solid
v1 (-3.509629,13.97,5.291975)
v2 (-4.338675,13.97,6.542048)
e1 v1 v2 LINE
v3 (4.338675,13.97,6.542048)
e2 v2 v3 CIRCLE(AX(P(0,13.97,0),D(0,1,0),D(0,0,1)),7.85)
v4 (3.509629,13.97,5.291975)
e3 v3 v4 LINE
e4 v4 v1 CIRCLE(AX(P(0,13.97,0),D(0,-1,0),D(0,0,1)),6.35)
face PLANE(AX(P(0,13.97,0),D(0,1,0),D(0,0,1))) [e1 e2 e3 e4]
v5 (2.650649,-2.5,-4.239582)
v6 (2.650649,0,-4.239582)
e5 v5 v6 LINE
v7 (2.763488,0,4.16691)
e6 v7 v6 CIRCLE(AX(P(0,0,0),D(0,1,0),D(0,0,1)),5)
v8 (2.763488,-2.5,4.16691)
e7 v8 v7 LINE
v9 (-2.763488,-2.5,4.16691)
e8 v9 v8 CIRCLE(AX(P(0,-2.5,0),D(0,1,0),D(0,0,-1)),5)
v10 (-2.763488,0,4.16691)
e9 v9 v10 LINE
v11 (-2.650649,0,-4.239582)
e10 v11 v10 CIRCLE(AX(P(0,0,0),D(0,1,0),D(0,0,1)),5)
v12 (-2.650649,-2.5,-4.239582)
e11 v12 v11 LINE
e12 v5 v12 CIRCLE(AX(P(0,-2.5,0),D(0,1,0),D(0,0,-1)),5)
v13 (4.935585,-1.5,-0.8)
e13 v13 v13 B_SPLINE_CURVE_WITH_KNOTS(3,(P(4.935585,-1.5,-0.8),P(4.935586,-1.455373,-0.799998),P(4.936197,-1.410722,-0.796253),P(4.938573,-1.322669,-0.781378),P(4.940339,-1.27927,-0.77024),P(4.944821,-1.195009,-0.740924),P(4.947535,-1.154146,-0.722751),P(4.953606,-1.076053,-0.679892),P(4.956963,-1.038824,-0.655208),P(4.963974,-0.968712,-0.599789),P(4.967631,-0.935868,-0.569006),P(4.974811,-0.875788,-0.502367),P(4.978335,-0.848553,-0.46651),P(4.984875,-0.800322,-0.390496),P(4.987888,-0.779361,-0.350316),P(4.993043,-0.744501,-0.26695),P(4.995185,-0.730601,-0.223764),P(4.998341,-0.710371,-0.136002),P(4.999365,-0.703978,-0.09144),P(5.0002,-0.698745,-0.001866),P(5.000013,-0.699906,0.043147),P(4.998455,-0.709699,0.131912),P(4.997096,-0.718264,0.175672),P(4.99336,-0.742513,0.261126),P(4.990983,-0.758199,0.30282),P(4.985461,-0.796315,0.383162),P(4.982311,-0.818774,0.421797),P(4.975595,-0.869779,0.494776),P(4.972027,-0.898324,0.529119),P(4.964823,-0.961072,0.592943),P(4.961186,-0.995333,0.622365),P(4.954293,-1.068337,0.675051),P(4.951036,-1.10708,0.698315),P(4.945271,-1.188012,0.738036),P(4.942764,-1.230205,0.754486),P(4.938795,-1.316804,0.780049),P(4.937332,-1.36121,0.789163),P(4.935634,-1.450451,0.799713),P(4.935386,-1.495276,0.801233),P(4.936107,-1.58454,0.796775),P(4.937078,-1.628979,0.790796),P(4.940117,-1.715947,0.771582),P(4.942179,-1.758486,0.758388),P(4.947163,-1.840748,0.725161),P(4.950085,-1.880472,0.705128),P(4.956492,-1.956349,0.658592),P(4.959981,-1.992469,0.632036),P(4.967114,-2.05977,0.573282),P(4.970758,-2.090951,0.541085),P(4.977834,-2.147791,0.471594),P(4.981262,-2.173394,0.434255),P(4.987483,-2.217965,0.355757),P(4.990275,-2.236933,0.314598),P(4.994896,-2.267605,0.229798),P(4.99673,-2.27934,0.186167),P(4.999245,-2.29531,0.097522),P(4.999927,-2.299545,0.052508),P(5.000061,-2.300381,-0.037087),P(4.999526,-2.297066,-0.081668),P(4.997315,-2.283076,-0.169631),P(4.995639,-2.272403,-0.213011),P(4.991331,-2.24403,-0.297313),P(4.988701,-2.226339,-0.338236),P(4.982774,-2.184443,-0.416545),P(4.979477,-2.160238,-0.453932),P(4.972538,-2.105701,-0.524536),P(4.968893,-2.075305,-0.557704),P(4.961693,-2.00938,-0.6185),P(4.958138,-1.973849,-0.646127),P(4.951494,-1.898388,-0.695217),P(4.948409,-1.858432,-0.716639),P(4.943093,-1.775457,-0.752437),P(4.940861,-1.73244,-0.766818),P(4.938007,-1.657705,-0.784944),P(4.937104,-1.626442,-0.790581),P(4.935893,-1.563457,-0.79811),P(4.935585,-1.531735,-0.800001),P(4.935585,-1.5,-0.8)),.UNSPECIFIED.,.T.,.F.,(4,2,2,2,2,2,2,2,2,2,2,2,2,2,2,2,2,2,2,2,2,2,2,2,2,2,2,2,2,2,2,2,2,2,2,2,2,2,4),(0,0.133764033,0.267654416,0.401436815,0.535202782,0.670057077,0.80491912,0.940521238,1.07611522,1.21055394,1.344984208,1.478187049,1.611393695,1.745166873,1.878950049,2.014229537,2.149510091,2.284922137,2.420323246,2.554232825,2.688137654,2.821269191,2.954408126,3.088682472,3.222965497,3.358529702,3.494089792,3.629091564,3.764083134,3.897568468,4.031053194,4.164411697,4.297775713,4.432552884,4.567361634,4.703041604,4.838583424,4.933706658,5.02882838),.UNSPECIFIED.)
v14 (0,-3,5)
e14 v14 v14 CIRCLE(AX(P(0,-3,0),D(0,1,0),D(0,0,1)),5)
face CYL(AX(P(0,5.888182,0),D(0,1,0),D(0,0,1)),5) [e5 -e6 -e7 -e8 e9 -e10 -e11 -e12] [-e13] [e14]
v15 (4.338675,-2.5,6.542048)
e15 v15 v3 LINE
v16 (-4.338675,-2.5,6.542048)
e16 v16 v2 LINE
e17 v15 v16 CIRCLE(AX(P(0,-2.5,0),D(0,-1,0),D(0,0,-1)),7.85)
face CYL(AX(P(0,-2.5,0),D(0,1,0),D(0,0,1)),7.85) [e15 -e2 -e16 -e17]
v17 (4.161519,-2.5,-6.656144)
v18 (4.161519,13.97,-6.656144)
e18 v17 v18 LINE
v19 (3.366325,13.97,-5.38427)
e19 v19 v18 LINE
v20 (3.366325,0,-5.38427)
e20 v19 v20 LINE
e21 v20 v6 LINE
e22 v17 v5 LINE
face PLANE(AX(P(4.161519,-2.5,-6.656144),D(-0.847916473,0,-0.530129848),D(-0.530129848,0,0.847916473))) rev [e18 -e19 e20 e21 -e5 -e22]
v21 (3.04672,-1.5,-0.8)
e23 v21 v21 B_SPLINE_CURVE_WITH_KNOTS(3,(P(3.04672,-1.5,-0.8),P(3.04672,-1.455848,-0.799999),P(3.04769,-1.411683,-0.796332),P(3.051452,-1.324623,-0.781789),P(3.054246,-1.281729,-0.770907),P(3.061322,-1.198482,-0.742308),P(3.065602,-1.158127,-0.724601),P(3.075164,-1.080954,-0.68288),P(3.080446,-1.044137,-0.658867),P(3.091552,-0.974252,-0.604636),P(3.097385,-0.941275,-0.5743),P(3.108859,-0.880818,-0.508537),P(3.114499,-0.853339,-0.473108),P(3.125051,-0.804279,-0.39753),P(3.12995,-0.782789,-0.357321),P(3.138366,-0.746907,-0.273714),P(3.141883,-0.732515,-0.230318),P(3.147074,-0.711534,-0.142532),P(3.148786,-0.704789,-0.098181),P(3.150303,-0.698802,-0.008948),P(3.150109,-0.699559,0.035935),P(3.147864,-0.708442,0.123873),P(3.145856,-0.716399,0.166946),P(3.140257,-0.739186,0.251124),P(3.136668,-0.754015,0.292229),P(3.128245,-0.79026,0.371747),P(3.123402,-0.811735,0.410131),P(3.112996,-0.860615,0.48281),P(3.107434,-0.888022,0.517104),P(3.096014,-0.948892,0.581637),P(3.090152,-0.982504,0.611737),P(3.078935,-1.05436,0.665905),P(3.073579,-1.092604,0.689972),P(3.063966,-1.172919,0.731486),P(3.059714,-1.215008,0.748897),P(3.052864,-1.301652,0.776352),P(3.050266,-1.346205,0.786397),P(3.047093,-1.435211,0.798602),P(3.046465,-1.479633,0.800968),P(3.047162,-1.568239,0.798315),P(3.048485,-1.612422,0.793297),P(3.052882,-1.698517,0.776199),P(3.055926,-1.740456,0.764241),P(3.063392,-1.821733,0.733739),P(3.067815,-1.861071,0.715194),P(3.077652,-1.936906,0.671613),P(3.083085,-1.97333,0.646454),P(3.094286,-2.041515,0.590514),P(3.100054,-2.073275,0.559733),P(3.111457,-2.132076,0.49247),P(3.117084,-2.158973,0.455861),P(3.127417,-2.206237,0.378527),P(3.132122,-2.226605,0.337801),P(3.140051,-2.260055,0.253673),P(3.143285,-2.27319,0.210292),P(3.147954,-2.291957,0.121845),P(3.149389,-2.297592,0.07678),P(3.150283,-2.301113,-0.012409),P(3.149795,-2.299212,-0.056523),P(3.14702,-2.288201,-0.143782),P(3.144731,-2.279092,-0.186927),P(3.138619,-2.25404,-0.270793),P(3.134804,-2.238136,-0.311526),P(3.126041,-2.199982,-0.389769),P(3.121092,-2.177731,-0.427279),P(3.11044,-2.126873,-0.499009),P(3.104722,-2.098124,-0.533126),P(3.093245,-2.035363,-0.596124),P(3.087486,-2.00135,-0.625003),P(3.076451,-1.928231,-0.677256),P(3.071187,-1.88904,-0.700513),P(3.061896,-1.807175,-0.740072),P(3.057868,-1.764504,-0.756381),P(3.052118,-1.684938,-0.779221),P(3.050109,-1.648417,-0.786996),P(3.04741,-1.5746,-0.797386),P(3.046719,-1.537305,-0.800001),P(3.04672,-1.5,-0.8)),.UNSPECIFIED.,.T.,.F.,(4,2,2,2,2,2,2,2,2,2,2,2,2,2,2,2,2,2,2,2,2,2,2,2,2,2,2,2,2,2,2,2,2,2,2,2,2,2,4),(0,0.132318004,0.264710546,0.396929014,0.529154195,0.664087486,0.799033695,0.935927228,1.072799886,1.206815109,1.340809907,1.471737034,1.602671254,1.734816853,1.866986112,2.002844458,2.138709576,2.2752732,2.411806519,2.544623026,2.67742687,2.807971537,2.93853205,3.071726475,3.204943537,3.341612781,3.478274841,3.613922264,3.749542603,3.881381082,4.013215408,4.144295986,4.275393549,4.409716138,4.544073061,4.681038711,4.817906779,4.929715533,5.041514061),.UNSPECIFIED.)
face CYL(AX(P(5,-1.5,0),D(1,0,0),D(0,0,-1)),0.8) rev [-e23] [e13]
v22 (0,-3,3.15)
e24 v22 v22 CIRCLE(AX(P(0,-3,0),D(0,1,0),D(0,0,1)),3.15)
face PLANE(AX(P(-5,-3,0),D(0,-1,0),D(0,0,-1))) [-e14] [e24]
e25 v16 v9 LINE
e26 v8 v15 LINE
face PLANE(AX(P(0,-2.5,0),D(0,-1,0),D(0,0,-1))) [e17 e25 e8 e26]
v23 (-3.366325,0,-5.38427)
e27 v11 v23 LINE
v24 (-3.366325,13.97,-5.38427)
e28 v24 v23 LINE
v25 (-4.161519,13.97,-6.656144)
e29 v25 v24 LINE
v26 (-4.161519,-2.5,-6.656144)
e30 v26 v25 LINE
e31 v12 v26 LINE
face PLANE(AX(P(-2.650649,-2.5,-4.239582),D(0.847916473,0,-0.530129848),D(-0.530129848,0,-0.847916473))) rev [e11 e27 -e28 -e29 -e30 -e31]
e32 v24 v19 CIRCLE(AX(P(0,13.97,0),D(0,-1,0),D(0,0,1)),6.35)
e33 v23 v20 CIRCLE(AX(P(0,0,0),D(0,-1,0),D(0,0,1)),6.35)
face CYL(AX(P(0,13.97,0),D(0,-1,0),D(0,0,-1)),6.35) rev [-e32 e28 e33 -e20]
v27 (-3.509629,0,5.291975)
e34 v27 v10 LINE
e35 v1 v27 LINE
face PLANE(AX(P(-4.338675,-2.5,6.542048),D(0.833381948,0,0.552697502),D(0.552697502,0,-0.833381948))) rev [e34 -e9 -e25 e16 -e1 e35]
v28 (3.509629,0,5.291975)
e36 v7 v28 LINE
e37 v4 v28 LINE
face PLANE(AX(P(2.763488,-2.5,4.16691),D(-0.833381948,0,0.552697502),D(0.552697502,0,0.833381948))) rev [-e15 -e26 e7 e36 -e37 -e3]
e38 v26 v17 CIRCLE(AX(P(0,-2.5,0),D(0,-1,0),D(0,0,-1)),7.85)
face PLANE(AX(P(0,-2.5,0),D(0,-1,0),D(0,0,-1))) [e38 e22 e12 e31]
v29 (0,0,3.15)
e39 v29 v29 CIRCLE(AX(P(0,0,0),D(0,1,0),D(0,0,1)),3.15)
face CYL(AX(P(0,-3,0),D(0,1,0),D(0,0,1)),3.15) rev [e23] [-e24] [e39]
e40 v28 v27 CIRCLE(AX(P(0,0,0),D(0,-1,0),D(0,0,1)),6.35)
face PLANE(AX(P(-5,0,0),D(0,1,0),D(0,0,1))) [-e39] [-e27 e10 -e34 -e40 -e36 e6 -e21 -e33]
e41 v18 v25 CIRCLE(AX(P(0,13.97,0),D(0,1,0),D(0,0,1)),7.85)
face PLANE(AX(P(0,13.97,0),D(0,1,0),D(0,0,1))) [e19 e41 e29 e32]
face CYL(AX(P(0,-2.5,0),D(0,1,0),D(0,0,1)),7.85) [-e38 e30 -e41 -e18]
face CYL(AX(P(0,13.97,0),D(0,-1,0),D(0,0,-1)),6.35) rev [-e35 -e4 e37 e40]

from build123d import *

# Parameters (mm, degrees)
SKETCH1_W                  = 5
SKETCH1_H                  = 3
SKETCH2_R                  = 3.15
CUT_EXTRUDE1_DEPTH         = 8.681145748
M2X0_4_TAPPED_HOLE2_REACH  = 13.576
M2X0_4_TAPPED_HOLE2_BORE_R = 0.8
BOSS_EXTRUDE1_DEPTH        = 13.97
BOSS_EXTRUDE1_2_DEPTH      = 13.97
BOSS_EXTRUDE2_DEPTH        = 2.5


with BuildPart() as part:
    # Sketch1 → Revolve1 (revolve)
    with BuildSketch(Plane.XY, mode=Mode.PRIVATE) as revolve1_sk:
        with Locations((-2.5, -1.5)):
            Rectangle(SKETCH1_W, SKETCH1_H)
    revolve(revolve1_sk.sketch.rotate(Axis((0, 5.888182105, 0), (0, -1, 0)), 270), axis=Axis((0, 5.888182105, 0), (0, -1, 0)))

    # Sketch2 → Cut-Extrude1 (cut, through all)
    with BuildSketch(Plane(origin=(0, 0, 0), x_dir=(1, 0, 0), z_dir=(0, 1, 0))):
        with Locations(Location((0, 0, 0), (0, 0, 270))):
            Circle(SKETCH2_R)
    extrude(amount=-CUT_EXTRUDE1_DEPTH, mode=Mode.SUBTRACT)

    # M2x0.4 Tapped Hole2 bore → M2x0.4 Tapped Hole2 (cut, up to next)
    with BuildSketch(Plane(origin=(5, 0, 0), x_dir=(0, 0, -1), z_dir=(1, 0, 0)), mode=Mode.PRIVATE) as m2x0_4_tapped_hole2_sk1:
        with Locations((0, -1.5)):
            Circle(M2X0_4_TAPPED_HOLE2_BORE_R)
    m2x0_4_tapped_hole2_tool1 = extrude(m2x0_4_tapped_hole2_sk1.sketch, amount=-M2X0_4_TAPPED_HOLE2_REACH, mode=Mode.PRIVATE) & part.part
    add(m2x0_4_tapped_hole2_tool1.solids().sort_by_distance((5, -1.5, 0))[0], mode=Mode.SUBTRACT)



with BuildPart() as body_2:
    # Sketch9 → Boss-Extrude1 (new body)
    with BuildSketch(Plane(origin=(0, 0, 0), x_dir=(1, 0, 0), z_dir=(0, 1, 0))):
        with BuildLine():
            Line((-3.366324533, 5.384269602), (-4.161519304, 6.656144311))
            ThreePointArc((-4.161519304, 6.656144311), (0, 7.85), (4.161519304, 6.656144311))
            Line((4.161519304, 6.656144311), (3.366324533, 5.384269602))
            ThreePointArc((3.366324533, 5.384269602), (0, 6.35), (-3.366324533, 5.384269602))
        make_face()
    extrude(amount=BOSS_EXTRUDE1_DEPTH)


with BuildPart() as body_3:
    # Sketch9 → Boss-Extrude1 2 (new body)
    with BuildSketch(Plane(origin=(0, 0, 0), x_dir=(1, 0, 0), z_dir=(0, 1, 0))):
        with BuildLine():
            Line((3.509629139, -5.291975369), (4.338675392, -6.542048291))
            ThreePointArc((4.338675392, -6.542048291), (0, -7.85), (-4.338675392, -6.542048291))
            Line((-4.338675392, -6.542048291), (-3.509629139, -5.291975369))
            ThreePointArc((-3.509629139, -5.291975369), (0, -6.35), (3.509629139, -5.291975369))
        make_face()
    extrude(amount=BOSS_EXTRUDE1_2_DEPTH)


with BuildPart() as part_1:
    add(part.part)

    add(body_2.part)  # Boss-Extrude2 merges body 2

    add(body_3.part)  # Boss-Extrude2 merges body 3
    # Sketch11 → Boss-Extrude2 (add)
    with BuildSketch(Plane.XZ):
        with BuildLine():
            Line((4.161519304, -6.656144311), (2.650649238, -4.239582363))
            ThreePointArc((2.650649238, -4.239582363), (0, -5), (-2.650649238, -4.239582363))
            Line((-2.650649238, -4.239582363), (-4.161519304, -6.656144311))
            ThreePointArc((-4.161519304, -6.656144311), (0, -7.85), (4.161519304, -6.656144311))
        make_face()
        with BuildLine():
            Line((-4.338675392, 6.542048291), (-2.763487511, 4.166909739))
            ThreePointArc((-2.763487511, 4.166909739), (0, 5), (2.763487511, 4.166909739))
            Line((2.763487511, 4.166909739), (4.338675392, 6.542048291))
            ThreePointArc((4.338675392, 6.542048291), (0, 7.85), (-4.338675392, 6.542048291))
        make_face()
    extrude(amount=BOSS_EXTRUDE2_DEPTH)


solid = part_1.part
